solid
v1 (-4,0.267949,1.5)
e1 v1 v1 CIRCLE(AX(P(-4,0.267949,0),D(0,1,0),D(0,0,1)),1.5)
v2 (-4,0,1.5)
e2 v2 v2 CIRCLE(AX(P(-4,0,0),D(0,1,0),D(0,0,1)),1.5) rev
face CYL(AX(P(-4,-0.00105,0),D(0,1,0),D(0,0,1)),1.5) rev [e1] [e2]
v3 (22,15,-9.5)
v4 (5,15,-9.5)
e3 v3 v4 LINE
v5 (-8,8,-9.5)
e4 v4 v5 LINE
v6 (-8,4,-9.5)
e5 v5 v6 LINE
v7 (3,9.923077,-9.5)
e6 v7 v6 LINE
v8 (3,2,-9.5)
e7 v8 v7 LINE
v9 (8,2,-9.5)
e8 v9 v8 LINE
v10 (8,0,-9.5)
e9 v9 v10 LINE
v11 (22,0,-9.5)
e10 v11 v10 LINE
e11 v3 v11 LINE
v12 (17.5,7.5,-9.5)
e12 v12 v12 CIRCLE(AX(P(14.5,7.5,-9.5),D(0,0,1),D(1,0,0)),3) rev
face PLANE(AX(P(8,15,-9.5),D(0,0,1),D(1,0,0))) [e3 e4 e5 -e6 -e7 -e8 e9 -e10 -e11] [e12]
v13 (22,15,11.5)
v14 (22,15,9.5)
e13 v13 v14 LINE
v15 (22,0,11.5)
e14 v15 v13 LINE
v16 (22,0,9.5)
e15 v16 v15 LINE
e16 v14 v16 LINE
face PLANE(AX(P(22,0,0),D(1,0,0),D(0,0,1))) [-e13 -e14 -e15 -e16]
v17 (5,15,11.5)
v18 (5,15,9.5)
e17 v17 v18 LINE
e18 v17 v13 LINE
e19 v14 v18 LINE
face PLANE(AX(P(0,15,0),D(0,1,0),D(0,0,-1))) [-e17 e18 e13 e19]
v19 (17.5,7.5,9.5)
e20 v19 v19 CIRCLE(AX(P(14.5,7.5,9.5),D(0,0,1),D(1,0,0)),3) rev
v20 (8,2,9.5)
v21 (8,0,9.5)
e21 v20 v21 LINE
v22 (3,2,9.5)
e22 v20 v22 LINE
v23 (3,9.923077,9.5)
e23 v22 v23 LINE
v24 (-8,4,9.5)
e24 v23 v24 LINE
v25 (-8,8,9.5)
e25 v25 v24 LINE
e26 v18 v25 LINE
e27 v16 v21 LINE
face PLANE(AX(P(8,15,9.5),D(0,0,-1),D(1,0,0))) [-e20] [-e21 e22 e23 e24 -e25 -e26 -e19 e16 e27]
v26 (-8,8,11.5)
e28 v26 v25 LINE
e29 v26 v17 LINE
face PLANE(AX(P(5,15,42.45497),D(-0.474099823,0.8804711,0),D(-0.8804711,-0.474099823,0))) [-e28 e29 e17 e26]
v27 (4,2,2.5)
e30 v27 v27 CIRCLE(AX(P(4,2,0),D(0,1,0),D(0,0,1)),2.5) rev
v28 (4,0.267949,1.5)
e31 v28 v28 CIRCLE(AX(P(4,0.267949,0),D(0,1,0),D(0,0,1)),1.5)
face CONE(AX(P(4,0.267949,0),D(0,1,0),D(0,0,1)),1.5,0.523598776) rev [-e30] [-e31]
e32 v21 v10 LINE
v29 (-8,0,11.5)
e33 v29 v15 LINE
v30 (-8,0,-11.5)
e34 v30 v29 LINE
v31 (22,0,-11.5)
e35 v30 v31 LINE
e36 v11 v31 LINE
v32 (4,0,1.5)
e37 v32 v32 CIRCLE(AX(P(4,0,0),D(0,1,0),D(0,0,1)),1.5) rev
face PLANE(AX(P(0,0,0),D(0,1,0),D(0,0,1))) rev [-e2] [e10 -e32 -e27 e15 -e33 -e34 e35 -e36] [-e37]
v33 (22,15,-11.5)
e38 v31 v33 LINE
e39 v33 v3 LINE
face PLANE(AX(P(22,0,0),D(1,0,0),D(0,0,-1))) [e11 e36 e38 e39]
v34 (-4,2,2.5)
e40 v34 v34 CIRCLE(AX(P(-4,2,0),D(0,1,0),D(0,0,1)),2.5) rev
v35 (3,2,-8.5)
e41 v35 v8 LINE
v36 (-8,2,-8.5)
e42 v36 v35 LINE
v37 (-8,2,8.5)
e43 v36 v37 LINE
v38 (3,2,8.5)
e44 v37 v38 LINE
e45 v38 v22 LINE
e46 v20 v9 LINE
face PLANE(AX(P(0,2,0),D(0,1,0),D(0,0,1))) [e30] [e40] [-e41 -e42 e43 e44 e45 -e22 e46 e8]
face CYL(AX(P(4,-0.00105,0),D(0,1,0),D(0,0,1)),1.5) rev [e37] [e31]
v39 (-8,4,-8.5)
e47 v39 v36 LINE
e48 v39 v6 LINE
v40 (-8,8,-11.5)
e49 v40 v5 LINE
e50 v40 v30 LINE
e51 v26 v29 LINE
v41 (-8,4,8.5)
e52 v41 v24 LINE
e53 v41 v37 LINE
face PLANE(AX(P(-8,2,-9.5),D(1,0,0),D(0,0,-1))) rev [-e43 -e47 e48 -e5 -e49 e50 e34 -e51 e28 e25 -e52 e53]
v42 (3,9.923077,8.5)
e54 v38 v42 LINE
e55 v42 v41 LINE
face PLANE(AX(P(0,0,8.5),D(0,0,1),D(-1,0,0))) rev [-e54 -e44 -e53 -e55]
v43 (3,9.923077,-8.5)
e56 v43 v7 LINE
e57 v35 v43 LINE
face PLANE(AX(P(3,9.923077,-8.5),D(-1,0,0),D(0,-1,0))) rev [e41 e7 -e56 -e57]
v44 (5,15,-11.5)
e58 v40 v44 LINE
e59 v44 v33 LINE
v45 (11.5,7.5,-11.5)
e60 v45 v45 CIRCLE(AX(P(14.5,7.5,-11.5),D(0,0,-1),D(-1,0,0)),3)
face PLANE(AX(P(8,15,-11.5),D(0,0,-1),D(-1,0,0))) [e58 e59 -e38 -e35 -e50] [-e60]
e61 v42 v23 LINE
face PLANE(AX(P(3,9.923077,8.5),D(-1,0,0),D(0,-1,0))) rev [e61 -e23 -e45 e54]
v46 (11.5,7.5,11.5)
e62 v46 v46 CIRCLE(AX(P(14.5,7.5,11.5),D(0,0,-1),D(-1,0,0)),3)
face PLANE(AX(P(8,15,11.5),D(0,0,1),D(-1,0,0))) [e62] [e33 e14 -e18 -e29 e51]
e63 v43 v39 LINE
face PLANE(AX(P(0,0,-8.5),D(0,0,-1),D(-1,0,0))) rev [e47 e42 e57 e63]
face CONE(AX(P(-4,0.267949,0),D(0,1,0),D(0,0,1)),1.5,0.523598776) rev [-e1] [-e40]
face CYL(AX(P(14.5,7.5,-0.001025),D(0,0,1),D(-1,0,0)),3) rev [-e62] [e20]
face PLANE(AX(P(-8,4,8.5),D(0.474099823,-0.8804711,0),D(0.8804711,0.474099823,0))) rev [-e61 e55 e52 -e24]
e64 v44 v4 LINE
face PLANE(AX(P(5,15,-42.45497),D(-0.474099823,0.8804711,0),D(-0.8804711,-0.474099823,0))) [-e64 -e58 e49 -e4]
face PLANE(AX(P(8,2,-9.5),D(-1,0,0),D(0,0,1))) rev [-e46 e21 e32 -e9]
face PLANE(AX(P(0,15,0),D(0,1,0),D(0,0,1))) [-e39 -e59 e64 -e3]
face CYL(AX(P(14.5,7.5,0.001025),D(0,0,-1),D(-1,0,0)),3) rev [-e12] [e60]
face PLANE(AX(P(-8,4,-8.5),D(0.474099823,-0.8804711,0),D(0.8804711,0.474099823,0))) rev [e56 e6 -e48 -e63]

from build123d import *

# Parameters (mm, degrees)
ESQUISSE2_W                  = 16
ESQUISSE2_H                  = 9.5
BOSS_EXTRU_1_DEPTH           = 2
ESQUISSE5_W                  = 16
ESQUISSE5_H                  = 2
BOSS_EXTRU_2_DEPTH           = 15
ENL_V_MAT_EXTRU_1_DEPTH      = 1
ENL_V_MAT_EXTRU_1_DEPTH_BACK = 12.5
ESQUISSE7_W                  = 2
ESQUISSE7_H                  = 15
BOSS_EXTRU_3_DEPTH           = 14
BOSS_EXTRU_4_DEPTH           = 1
ENL_V_MAT_EXTRU_2_REACH      = 13.5
ESQUISSE9_R                  = 3
ENL_V_MAT_EXTRU_3_REACH      = 4
ESQUISSE11_R                 = 1.5
CHANFREIN1_SIZE              = 1
CHANFREIN1_SIZE2             = 1.732050808


with BuildPart() as part:
    # Esquisse2 → Boss.-Extru.1 (new body)
    with BuildSketch(Plane(origin=(0, 0, 0), x_dir=(1, 0, 0), z_dir=(0, 1, 0))):
        with Locations((0, 4.75)):
            Rectangle(ESQUISSE2_W, ESQUISSE2_H)
    extrude(amount=BOSS_EXTRU_1_DEPTH)

    # Esquisse5 → Boss.-Extru.2 (add)
    with BuildSketch(Plane.XZ):
        with Locations((0, -10.5)):
            Rectangle(ESQUISSE5_W, ESQUISSE5_H)
    extrude(amount=-BOSS_EXTRU_2_DEPTH)

    # Esquisse6 → Enlèv. mat.-Extru.1 (cut, two sides)
    with BuildSketch(Plane(origin=(0, 0, -11.5), x_dir=(-1, 0, 0), z_dir=(0, 0, -1))) as enl_v_mat_extru_1_sk:
        Polygon((-48.758415637, 38.562223804), (-5, 15), (8, 8), (51.758415637, -15.562223804), (98.882863246, 71.954607469), (-1.633968028, 126.079055078), align=None)
    extrude(amount=ENL_V_MAT_EXTRU_1_DEPTH, mode=Mode.SUBTRACT)
    extrude(enl_v_mat_extru_1_sk.sketch, amount=-ENL_V_MAT_EXTRU_1_DEPTH_BACK, mode=Mode.SUBTRACT)

    # Esquisse7 → Boss.-Extru.3 (add)
    with BuildSketch(Plane(origin=(8, 0, 0), x_dir=(0, 0, -1), z_dir=(1, 0, 0))):
        with Locations((10.5, 7.5)):
            Rectangle(ESQUISSE7_W, ESQUISSE7_H)
    extrude(amount=BOSS_EXTRU_3_DEPTH)

    # Esquisse8 → Boss.-Extru.4 (add)
    with BuildSketch(Plane.XY.offset(-9.5)):
        Polygon((-8, 2), (-8, 4), (3, 9.923076923), (3, 2), align=None)
    extrude(amount=BOSS_EXTRU_4_DEPTH)

    # Esquisse9 → Enlèv. mat.-Extru.2 (cut, up to next)
    with BuildSketch(Plane(origin=(0, 0, -11.5), x_dir=(-1, 0, 0), z_dir=(0, 0, -1)), mode=Mode.PRIVATE) as enl_v_mat_extru_2_sk1:
        with Locations((-14.5, 7.5)):
            Circle(ESQUISSE9_R)
    enl_v_mat_extru_2_tool1 = extrude(enl_v_mat_extru_2_sk1.sketch, amount=-ENL_V_MAT_EXTRU_2_REACH, mode=Mode.PRIVATE) & part.part
    add(enl_v_mat_extru_2_tool1.solids().sort_by_distance((14.5, 7.5, -11.5))[0], mode=Mode.SUBTRACT)

    # Symétrie1: part across plane


with BuildPart() as part_1:
    add(part.part)
    add(part.part.mirror(Plane(origin=(-8, 2, 0), x_dir=(1, 0, 0), z_dir=(0, 0, -1))))

    # Esquisse11 → Enlèv. mat.-Extru.3 (cut, up to next)
    with BuildSketch(Plane(origin=(0, 2, 0), x_dir=(1, 0, 0), z_dir=(0, 1, 0)), mode=Mode.PRIVATE) as enl_v_mat_extru_3_sk1:
        with Locations((-4, 0)):
            Circle(ESQUISSE11_R)
    enl_v_mat_extru_3_tool1 = extrude(enl_v_mat_extru_3_sk1.sketch, amount=-ENL_V_MAT_EXTRU_3_REACH, mode=Mode.PRIVATE) & part_1.part
    add(enl_v_mat_extru_3_tool1.solids().sort_by_distance((-4, 2, 0))[0], mode=Mode.SUBTRACT)
    # Esquisse11 → Enlèv. mat.-Extru.3 (cut, up to next)
    with BuildSketch(Plane(origin=(0, 2, 0), x_dir=(1, 0, 0), z_dir=(0, 1, 0)), mode=Mode.PRIVATE) as enl_v_mat_extru_3_sk2:
        with Locations((4, 0)):
            Circle(ESQUISSE11_R)
    enl_v_mat_extru_3_tool2 = extrude(enl_v_mat_extru_3_sk2.sketch, amount=-ENL_V_MAT_EXTRU_3_REACH, mode=Mode.PRIVATE) & part_1.part
    add(enl_v_mat_extru_3_tool2.solids().sort_by_distance((4, 2, 0))[0], mode=Mode.SUBTRACT)

    # Chanfrein1
    chanfrein1_edges = [part_1.edges().sort_by_distance(p)[0] for p in [
        (-5.5, 2, 0),
        (2.5, 2, 0),
    ]]
    chanfrein1_side = [part_1.faces().sort_by_distance(p)[0] for p in [
        (0.205328971, 2, 0),
    ]]
    chamfer(chanfrein1_edges, length=CHANFREIN1_SIZE, length2=CHANFREIN1_SIZE2, reference=chanfrein1_side[0])


solid = part_1.part
